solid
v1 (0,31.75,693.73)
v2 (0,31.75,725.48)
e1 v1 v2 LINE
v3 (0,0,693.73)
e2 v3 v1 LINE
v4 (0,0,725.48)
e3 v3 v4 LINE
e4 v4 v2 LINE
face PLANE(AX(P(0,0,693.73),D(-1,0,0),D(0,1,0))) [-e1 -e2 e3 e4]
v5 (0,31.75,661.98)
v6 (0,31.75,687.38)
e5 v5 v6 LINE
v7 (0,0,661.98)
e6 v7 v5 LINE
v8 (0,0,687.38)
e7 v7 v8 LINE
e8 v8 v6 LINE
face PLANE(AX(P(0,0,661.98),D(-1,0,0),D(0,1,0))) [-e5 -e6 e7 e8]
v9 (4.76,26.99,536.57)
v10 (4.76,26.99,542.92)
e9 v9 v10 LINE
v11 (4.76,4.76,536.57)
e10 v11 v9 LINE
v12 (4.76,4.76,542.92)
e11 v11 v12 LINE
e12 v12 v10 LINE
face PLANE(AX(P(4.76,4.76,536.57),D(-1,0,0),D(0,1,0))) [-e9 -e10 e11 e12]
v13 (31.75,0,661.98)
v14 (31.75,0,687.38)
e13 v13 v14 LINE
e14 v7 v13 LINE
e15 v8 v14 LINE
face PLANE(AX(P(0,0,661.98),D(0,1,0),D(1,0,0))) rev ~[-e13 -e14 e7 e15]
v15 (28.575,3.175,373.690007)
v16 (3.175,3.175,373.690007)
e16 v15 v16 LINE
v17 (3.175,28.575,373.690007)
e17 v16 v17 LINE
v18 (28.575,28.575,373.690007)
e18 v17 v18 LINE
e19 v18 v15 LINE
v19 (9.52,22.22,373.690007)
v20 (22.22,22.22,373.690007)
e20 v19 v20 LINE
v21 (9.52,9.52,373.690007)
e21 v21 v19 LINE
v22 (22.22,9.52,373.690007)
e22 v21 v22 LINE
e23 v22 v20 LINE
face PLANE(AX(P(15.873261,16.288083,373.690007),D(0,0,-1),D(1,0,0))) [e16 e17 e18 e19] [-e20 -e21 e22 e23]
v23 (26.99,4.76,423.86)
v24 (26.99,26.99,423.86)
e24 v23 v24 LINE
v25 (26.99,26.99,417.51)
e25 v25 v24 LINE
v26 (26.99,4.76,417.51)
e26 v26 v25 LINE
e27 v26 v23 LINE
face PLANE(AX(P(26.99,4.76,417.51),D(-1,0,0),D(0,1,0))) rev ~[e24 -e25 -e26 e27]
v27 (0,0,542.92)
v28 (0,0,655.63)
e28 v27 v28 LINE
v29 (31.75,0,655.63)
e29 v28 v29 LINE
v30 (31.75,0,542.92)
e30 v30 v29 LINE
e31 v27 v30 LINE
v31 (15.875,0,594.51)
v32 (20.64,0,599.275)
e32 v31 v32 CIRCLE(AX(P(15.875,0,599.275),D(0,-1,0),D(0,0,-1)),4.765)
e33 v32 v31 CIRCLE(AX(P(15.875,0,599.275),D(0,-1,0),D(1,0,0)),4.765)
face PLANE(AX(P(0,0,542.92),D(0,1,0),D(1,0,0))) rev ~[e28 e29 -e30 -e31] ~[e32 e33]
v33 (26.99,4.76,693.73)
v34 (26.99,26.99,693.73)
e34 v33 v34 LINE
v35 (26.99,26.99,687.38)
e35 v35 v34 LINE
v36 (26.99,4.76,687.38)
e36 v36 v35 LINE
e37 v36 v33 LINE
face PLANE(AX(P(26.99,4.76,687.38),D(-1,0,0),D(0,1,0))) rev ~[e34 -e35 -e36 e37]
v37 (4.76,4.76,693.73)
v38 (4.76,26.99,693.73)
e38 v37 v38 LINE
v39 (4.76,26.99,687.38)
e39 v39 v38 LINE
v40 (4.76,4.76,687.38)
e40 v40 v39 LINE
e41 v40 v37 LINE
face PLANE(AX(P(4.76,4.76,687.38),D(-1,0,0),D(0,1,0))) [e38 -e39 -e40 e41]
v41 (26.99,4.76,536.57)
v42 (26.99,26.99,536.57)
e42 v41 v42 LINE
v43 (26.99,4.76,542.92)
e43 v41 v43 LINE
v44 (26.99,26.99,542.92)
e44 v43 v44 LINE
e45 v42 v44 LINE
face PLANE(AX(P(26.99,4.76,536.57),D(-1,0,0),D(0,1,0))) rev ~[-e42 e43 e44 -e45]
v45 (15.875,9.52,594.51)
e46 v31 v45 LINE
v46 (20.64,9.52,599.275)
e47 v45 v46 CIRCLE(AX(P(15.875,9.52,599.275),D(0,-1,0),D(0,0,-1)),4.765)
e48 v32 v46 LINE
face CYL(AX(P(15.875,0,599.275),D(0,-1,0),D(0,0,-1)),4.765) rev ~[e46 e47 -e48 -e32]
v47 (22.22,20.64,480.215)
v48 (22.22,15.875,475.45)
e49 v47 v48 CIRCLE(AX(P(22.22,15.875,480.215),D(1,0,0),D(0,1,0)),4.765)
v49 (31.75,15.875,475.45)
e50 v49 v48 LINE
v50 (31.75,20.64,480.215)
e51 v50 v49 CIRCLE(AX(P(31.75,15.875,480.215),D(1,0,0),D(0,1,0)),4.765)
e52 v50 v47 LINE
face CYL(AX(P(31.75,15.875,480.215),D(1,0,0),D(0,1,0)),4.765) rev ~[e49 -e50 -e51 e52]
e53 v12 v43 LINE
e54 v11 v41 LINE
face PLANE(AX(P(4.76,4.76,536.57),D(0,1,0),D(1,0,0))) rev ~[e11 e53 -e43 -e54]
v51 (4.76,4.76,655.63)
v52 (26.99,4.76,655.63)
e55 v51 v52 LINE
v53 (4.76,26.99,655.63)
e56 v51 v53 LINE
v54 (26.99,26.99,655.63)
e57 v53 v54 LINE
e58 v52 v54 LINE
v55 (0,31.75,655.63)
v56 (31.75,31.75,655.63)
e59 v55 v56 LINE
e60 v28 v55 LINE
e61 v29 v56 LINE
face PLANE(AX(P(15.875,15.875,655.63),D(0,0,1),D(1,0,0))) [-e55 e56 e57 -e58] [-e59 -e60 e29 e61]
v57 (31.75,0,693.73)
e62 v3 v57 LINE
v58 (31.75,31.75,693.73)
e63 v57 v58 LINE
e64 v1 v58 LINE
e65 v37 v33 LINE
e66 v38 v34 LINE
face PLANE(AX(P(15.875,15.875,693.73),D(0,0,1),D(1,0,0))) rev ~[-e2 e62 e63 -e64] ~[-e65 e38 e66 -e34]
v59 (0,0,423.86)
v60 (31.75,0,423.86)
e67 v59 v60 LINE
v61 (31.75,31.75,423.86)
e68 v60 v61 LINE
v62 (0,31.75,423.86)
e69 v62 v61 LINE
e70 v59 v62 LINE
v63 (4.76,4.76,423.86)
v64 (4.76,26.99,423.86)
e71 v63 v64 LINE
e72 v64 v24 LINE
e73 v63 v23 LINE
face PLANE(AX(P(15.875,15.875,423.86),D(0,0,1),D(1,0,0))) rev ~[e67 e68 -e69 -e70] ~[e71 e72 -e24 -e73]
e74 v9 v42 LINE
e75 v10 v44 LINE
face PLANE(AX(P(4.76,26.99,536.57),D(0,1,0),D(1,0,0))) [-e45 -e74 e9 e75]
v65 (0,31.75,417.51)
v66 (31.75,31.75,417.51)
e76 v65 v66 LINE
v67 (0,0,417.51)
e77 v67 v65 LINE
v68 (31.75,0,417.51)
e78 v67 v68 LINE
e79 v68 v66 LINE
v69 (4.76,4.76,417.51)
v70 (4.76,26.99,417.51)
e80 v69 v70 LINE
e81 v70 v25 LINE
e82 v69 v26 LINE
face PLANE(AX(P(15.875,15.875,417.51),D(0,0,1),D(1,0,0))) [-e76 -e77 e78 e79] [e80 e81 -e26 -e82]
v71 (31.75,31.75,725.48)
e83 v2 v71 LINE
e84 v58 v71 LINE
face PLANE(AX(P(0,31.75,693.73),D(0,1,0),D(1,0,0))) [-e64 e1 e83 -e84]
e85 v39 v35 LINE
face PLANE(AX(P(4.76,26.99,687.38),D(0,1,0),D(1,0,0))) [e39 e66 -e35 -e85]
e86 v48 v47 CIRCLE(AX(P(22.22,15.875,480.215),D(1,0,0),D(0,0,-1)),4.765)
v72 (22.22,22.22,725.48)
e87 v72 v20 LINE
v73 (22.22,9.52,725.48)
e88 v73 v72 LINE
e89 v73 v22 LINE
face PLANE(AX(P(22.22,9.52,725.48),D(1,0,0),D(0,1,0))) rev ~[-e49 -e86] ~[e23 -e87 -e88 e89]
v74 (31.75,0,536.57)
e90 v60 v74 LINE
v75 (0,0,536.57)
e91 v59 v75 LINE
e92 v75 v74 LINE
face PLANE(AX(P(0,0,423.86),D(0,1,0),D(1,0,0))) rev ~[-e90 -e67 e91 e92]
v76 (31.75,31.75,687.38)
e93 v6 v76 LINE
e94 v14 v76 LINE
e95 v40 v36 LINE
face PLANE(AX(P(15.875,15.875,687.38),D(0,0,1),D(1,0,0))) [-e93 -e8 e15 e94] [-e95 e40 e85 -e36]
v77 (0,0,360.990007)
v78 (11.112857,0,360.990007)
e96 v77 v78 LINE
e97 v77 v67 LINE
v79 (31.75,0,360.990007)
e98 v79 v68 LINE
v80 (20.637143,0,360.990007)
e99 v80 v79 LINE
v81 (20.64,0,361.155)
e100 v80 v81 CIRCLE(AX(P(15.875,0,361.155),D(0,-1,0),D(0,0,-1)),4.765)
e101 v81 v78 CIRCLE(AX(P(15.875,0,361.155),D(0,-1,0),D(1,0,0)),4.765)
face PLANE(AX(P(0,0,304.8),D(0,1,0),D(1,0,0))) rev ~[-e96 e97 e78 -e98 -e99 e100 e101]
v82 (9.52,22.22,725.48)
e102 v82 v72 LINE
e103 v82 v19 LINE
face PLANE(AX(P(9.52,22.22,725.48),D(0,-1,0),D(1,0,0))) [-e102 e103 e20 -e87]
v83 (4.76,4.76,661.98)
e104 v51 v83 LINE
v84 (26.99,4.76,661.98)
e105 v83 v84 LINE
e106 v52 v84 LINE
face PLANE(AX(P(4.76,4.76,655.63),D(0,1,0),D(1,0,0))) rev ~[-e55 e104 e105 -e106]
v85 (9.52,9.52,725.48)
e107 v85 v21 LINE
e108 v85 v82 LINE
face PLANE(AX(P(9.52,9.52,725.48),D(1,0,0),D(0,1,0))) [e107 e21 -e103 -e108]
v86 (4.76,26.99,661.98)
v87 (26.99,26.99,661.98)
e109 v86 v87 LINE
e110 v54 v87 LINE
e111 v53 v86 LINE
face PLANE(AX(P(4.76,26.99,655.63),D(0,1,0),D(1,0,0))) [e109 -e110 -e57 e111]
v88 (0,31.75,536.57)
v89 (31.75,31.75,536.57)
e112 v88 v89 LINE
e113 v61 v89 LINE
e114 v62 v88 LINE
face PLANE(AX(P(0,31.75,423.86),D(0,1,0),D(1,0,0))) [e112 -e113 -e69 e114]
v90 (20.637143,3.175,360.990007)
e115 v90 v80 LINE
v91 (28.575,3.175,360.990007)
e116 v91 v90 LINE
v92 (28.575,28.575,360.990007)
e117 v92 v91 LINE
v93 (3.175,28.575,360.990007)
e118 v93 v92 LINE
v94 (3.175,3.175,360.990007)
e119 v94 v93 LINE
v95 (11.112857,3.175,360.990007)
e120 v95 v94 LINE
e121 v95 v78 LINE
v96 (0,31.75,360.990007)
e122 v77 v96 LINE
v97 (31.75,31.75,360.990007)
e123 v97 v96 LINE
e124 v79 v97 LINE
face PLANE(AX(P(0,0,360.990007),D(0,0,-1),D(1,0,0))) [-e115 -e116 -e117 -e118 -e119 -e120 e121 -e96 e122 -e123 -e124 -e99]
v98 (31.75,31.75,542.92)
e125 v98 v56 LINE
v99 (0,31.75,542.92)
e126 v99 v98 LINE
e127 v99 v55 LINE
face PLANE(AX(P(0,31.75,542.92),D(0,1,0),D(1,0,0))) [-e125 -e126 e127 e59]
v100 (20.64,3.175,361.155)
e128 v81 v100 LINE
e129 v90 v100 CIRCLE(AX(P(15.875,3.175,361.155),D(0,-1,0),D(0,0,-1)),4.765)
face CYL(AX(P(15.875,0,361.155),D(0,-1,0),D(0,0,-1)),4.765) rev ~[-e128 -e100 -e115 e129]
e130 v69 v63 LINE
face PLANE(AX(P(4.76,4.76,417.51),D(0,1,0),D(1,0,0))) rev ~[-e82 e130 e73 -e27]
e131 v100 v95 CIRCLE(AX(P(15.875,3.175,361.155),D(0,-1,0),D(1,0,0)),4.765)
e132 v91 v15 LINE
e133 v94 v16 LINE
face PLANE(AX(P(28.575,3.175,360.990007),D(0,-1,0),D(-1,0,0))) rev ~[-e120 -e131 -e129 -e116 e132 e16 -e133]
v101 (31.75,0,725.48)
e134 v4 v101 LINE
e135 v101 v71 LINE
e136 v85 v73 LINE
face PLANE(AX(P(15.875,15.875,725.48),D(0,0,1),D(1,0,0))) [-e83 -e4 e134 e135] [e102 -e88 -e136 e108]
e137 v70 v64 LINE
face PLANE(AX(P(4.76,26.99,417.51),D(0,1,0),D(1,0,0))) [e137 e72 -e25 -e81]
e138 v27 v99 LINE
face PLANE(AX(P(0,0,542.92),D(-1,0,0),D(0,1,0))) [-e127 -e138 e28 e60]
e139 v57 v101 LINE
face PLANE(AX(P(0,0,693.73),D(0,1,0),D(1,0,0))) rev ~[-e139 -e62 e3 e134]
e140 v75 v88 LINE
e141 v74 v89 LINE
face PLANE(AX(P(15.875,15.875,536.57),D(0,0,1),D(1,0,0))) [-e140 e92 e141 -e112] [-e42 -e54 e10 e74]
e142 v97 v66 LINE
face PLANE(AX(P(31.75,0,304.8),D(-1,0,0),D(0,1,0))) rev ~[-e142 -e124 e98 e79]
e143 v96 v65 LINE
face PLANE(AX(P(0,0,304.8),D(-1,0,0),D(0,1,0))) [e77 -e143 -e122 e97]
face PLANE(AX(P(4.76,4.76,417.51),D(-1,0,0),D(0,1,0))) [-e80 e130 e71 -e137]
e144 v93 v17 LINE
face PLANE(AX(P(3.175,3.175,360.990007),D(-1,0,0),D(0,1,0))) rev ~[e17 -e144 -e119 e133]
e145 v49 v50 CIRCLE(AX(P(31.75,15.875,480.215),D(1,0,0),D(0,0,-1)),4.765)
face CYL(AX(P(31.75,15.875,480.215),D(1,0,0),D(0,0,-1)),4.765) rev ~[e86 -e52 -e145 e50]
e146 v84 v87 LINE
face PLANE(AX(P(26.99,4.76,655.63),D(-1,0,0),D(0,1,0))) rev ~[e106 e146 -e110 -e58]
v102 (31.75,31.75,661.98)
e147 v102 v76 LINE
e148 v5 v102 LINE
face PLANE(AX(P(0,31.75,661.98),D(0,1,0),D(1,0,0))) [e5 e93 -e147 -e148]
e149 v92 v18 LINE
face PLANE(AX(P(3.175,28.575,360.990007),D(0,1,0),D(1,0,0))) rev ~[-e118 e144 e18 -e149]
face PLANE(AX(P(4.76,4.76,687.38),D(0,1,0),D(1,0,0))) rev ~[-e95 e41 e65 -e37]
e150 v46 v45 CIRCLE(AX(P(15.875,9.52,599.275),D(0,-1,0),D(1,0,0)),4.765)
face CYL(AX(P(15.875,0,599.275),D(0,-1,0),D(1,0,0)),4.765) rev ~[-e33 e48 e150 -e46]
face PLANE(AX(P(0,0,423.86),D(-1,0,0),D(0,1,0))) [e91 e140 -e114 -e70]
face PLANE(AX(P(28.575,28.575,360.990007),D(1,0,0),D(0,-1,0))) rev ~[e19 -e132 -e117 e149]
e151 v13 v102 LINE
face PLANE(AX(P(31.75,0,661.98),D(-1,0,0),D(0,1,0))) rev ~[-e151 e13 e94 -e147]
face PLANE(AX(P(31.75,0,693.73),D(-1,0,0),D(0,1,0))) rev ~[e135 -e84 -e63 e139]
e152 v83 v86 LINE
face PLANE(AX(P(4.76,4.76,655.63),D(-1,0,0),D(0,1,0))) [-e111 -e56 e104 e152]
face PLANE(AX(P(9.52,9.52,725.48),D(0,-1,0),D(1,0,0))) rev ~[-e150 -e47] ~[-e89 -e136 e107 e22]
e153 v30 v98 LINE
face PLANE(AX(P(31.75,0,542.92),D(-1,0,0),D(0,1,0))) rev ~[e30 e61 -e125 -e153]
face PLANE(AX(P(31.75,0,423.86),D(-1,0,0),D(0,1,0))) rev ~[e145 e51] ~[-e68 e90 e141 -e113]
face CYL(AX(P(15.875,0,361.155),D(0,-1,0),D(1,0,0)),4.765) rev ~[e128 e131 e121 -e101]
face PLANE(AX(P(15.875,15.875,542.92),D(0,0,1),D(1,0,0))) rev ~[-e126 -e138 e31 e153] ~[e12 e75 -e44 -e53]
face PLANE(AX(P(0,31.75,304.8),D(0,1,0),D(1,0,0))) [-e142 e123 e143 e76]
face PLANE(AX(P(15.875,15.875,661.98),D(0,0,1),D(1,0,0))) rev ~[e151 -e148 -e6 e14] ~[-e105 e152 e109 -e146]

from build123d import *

# Parameters (mm, degrees)
F0_W      = 31.75
F0_H      = 31.75
F1_DEPTH  = 60.33
F2_W      = 22.23
F2_H      = 22.23
F3_DEPTH  = 6.35
F4_W      = 31.75
F4_H      = 31.75
F5_DEPTH  = 112.71
F6_W      = 22.23
F6_H      = 22.23
F7_DEPTH  = 6.35
F8_W      = 31.75
F8_H      = 31.75
F8_W_2    = 22.23
F8_H_2    = 22.23
F9_DEPTH  = 112.71
F10_W     = 22.23
F10_H     = 22.23
F11_DEPTH = 6.35
F12_W     = 31.75
F12_H     = 31.75
F12_W_2   = 22.23
F12_H_2   = 22.23
F13_DEPTH = 112.71
F14_W     = 22.23
F14_H     = 22.23
F15_DEPTH = 6.35
F16_W     = 31.75
F16_H     = 31.75
F17_DEPTH = 112.71
F18_W     = 22.23
F18_H     = 22.23
F19_DEPTH = 6.35
F20_W     = 31.75
F20_H     = 31.75
F20_W_2   = 22.23
F20_H_2   = 22.23
F21_DEPTH = 112.71
F22_W     = 22.23
F22_H     = 22.23
F23_DEPTH = 6.35
F24_W     = 31.75
F24_H     = 31.75
F24_W_2   = 22.23
F24_H_2   = 22.23
F25_DEPTH = 25.4
F26_W     = 22.23
F26_H     = 22.23
F27_DEPTH = 6.35
F28_W     = 31.75
F28_H     = 31.75
F28_W_2   = 22.23
F28_H_2   = 22.23
F29_DEPTH = 31.75
F32_DEPTH = 12.7
F34_DEPTH = 12.7
F36_DEPTH = 12.7
F38_DEPTH = 12.7
F40_DEPTH = 12.7
F41_W     = 12.7
F41_H     = 12.7
F42_DEPTH = 736.6
F43_DEPTH = 6.35
F44_W     = 31.75
F44_H     = 360.990007
F45_DEPTH = 76.2
F47_DEPTH = 12.7


with BuildPart() as f1:
    # F0 (on Top) → F1 (new body)
    with BuildSketch(Plane.XY):
        with Locations((15.875, 15.875)):
            Rectangle(F0_W, F0_H)
    extrude(amount=F1_DEPTH)

    # F2 (on face) → F3 (join)
    with BuildSketch(Plane.XY.offset(60.33)):
        with Locations((15.875, 15.875)):
            Rectangle(F2_W, F2_H)
    extrude(amount=F3_DEPTH)

    # F4 (on face) → F5 (join)
    with BuildSketch(Plane.XY.offset(66.68)):
        with Locations((15.875, 15.875)):
            Rectangle(F4_W, F4_H)
    extrude(amount=F5_DEPTH)

    # F6 (on face) → F7 (join)
    with BuildSketch(Plane.XY.offset(179.39)):
        with Locations((15.875, 15.875)):
            Rectangle(F6_W, F6_H)
    extrude(amount=F7_DEPTH)

    # F8 (on face) → F9 (join)
    with BuildSketch(Plane.XY.offset(185.74)):
        with Locations((15.875, 15.875)):
            Rectangle(F8_W, F8_H)
        with Locations((15.875, 15.875)):
            Rectangle(F8_W_2, F8_H_2, mode=Mode.SUBTRACT)
        with Locations((15.875, 15.875)):
            Rectangle(F8_W_2, F8_H_2)
    extrude(amount=F9_DEPTH)

    # F10 (on face) → F11 (join)
    with BuildSketch(Plane.XY.offset(298.45)):
        with Locations((15.875, 15.875)):
            Rectangle(F10_W, F10_H)
    extrude(amount=F11_DEPTH)

    # F12 (on face) → F13 (join)
    with BuildSketch(Plane.XY.offset(304.8)):
        with Locations((15.875, 15.875)):
            Rectangle(F12_W, F12_H)
        with Locations((15.875, 15.875)):
            Rectangle(F12_W_2, F12_H_2, mode=Mode.SUBTRACT)
        with Locations((15.875, 15.875)):
            Rectangle(F12_W_2, F12_H_2)
    extrude(amount=F13_DEPTH)

    # F14 (on face) → F15 (join)
    with BuildSketch(Plane.XY.offset(417.51)):
        with Locations((15.875, 15.875)):
            Rectangle(F14_W, F14_H)
    extrude(amount=F15_DEPTH)

    # F16 (on face) → F17 (join)
    with BuildSketch(Plane.XY.offset(423.86)):
        with Locations((15.875, 15.875)):
            Rectangle(F16_W, F16_H)
    extrude(amount=F17_DEPTH)

    # F18 (on face) → F19 (join)
    with BuildSketch(Plane.XY.offset(536.57)):
        with Locations((15.875, 15.875)):
            Rectangle(F18_W, F18_H)
    extrude(amount=F19_DEPTH)

    # F20 (on face) → F21 (join)
    with BuildSketch(Plane.XY.offset(542.92)):
        with Locations((15.875, 15.875)):
            Rectangle(F20_W, F20_H)
        with Locations((15.875, 15.875)):
            Rectangle(F20_W_2, F20_H_2, mode=Mode.SUBTRACT)
        with Locations((15.875, 15.875)):
            Rectangle(F20_W_2, F20_H_2)
    extrude(amount=F21_DEPTH)

    # F22 (on face) → F23 (join)
    with BuildSketch(Plane.XY.offset(655.63)):
        with Locations((15.875, 15.875)):
            Rectangle(F22_W, F22_H)
    extrude(amount=F23_DEPTH)

    # F24 (on face) → F25 (join)
    with BuildSketch(Plane.XY.offset(661.98)):
        with Locations((15.875, 15.875)):
            Rectangle(F24_W, F24_H)
        with Locations((15.875, 15.875)):
            Rectangle(F24_W_2, F24_H_2, mode=Mode.SUBTRACT)
        with Locations((15.875, 15.875)):
            Rectangle(F24_W_2, F24_H_2)
    extrude(amount=F25_DEPTH)

    # F26 (on face) → F27 (join)
    with BuildSketch(Plane.XY.offset(687.38)):
        with Locations((15.875, 15.875)):
            Rectangle(F26_W, F26_H)
    extrude(amount=F27_DEPTH)

    # F28 (on face) → F29 (join)
    with BuildSketch(Plane.XY.offset(693.73)):
        with Locations((15.875, 15.875)):
            Rectangle(F28_W, F28_H)
        with Locations((15.875, 15.875)):
            Rectangle(F28_W_2, F28_H_2, mode=Mode.SUBTRACT)
        with Locations((15.875, 15.875)):
            Rectangle(F28_W_2, F28_H_2)
    extrude(amount=F29_DEPTH)

    # F31 (on face) → F32 (cut)
    with BuildSketch(Plane.XZ):
        with BuildLine():
            Line((15.875, 123.035), (20.64, 123.035))
            ThreePointArc((20.64, 123.035), (12.5056361876, 126.4043638124), (15.875, 118.27))
            Line((15.875, 118.27), (15.875, 123.035))
        make_face()
        with BuildLine():
            ThreePointArc((15.875, 118.27), (19.2443638124, 119.6656361876), (20.64, 123.035))
            Line((20.64, 123.035), (15.875, 123.035))
            Line((15.875, 123.035), (15.875, 118.27))
        make_face()
    extrude(amount=-F32_DEPTH, mode=Mode.SUBTRACT)

    # F33 (on face) → F34 (cut)
    with BuildSketch(Plane.YZ.offset(31.75)):
        with BuildLine():
            Line((15.875, 242.095), (20.64, 242.095))
            ThreePointArc((20.64, 242.095), (12.5056361876, 245.4643638124), (15.875, 237.33))
            Line((15.875, 237.33), (15.875, 242.095))
        make_face()
        with BuildLine():
            ThreePointArc((15.875, 237.33), (19.2443638124, 238.7256361876), (20.64, 242.095))
            Line((20.64, 242.095), (15.875, 242.095))
            Line((15.875, 242.095), (15.875, 237.33))
        make_face()
    extrude(amount=-F34_DEPTH, mode=Mode.SUBTRACT)

    # F35 (on face) → F36 (cut)
    with BuildSketch(Plane.XZ):
        with BuildLine():
            Line((15.875, 361.155), (20.64, 361.155))
            ThreePointArc((20.64, 361.155), (12.5056361876, 364.5243638124), (15.875, 356.39))
            Line((15.875, 356.39), (15.875, 361.155))
        make_face()
        with BuildLine():
            ThreePointArc((15.875, 356.39), (19.2443638124, 357.7856361876), (20.64, 361.155))
            Line((20.64, 361.155), (15.875, 361.155))
            Line((15.875, 361.155), (15.875, 356.39))
        make_face()
    extrude(amount=-F36_DEPTH, mode=Mode.SUBTRACT)

    # F37 (on face) → F38 (cut)
    with BuildSketch(Plane.YZ.offset(31.75)):
        with BuildLine():
            Line((15.875, 480.215), (20.64, 480.215))
            ThreePointArc((20.64, 480.215), (12.5056361876, 483.5843638124), (15.875, 475.45))
            Line((15.875, 475.45), (15.875, 480.215))
        make_face()
        with BuildLine():
            ThreePointArc((15.875, 475.45), (19.2443638124, 476.8456361876), (20.64, 480.215))
            Line((20.64, 480.215), (15.875, 480.215))
            Line((15.875, 480.215), (15.875, 475.45))
        make_face()
    extrude(amount=-F38_DEPTH, mode=Mode.SUBTRACT)

    # F39 (on face) → F40 (cut)
    with BuildSketch(Plane.XZ):
        with BuildLine():
            Line((15.875, 599.275), (20.64, 599.275))
            ThreePointArc((20.64, 599.275), (12.5056361876, 602.6443638124), (15.875, 594.51))
            Line((15.875, 594.51), (15.875, 599.275))
        make_face()
        with BuildLine():
            ThreePointArc((15.875, 594.51), (19.2443638124, 595.9056361876), (20.64, 599.275))
            Line((20.64, 599.275), (15.875, 599.275))
            Line((15.875, 599.275), (15.875, 594.51))
        make_face()
    extrude(amount=-F40_DEPTH, mode=Mode.SUBTRACT)

    # F41 (on face) → F42 (cut)
    with BuildSketch(Plane.XY.offset(725.48)):
        with Locations((15.87, 15.87)):
            Rectangle(F41_W, F41_H)
    extrude(amount=-F42_DEPTH, mode=Mode.SUBTRACT)

    # F30 (on face) → F43 (cut)
    with BuildSketch(Plane(origin=(0, 0, 0), x_dir=(1, 0, 0), z_dir=(0, 0, -1))):
        with BuildLine():
            ThreePointArc((6.35, -15.875), (9.1398079092, -22.6101920908), (15.875, -25.4))
            Line((15.875, -25.4), (15.875, -15.875))
            Line((15.875, -15.875), (6.35, -15.875))
        make_face()
        with BuildLine():
            Line((15.875, -15.875), (15.875, -25.4))
            ThreePointArc((15.875, -25.4), (22.6101920908, -22.6101920908), (25.4, -15.875))
            ThreePointArc((25.4, -15.875), (15.875, -6.35), (6.35, -15.875))
            Line((6.35, -15.875), (15.875, -15.875))
        make_face()
    extrude(amount=-F43_DEPTH, mode=Mode.SUBTRACT)

    # F44 (on face) → F45 (cut)
    with BuildSketch(Plane.XZ):
        with Locations((15.875, 180.4950035)):
            Rectangle(F44_W, F44_H)
    extrude(amount=-F45_DEPTH, mode=Mode.SUBTRACT)

    # F46 (on face) → F47 (cut)
    with BuildSketch(Plane(origin=(0, 0, 360.990007), x_dir=(1, 0, 0), z_dir=(0, 0, -1))):
        Polygon((11.1128573824, -9.52), (11.1128573824, -3.175), (3.175, -3.175), (3.175, -28.575), (28.575, -28.575), (28.575, -3.175), (20.6371426176, -3.175), (20.6371426176, -9.52), (22.22, -9.52), (22.22, -22.22), (9.52, -22.22), (9.52, -9.52), align=None)
        Polygon((20.6371426176, -3.175), (11.1128573824, -3.175), (11.1128573824, -9.52), (9.52, -9.52), (9.52, -22.22), (22.22, -22.22), (22.22, -9.52), (20.6371426176, -9.52), align=None)
    extrude(amount=-F47_DEPTH, mode=Mode.SUBTRACT)


solid = f1.part
